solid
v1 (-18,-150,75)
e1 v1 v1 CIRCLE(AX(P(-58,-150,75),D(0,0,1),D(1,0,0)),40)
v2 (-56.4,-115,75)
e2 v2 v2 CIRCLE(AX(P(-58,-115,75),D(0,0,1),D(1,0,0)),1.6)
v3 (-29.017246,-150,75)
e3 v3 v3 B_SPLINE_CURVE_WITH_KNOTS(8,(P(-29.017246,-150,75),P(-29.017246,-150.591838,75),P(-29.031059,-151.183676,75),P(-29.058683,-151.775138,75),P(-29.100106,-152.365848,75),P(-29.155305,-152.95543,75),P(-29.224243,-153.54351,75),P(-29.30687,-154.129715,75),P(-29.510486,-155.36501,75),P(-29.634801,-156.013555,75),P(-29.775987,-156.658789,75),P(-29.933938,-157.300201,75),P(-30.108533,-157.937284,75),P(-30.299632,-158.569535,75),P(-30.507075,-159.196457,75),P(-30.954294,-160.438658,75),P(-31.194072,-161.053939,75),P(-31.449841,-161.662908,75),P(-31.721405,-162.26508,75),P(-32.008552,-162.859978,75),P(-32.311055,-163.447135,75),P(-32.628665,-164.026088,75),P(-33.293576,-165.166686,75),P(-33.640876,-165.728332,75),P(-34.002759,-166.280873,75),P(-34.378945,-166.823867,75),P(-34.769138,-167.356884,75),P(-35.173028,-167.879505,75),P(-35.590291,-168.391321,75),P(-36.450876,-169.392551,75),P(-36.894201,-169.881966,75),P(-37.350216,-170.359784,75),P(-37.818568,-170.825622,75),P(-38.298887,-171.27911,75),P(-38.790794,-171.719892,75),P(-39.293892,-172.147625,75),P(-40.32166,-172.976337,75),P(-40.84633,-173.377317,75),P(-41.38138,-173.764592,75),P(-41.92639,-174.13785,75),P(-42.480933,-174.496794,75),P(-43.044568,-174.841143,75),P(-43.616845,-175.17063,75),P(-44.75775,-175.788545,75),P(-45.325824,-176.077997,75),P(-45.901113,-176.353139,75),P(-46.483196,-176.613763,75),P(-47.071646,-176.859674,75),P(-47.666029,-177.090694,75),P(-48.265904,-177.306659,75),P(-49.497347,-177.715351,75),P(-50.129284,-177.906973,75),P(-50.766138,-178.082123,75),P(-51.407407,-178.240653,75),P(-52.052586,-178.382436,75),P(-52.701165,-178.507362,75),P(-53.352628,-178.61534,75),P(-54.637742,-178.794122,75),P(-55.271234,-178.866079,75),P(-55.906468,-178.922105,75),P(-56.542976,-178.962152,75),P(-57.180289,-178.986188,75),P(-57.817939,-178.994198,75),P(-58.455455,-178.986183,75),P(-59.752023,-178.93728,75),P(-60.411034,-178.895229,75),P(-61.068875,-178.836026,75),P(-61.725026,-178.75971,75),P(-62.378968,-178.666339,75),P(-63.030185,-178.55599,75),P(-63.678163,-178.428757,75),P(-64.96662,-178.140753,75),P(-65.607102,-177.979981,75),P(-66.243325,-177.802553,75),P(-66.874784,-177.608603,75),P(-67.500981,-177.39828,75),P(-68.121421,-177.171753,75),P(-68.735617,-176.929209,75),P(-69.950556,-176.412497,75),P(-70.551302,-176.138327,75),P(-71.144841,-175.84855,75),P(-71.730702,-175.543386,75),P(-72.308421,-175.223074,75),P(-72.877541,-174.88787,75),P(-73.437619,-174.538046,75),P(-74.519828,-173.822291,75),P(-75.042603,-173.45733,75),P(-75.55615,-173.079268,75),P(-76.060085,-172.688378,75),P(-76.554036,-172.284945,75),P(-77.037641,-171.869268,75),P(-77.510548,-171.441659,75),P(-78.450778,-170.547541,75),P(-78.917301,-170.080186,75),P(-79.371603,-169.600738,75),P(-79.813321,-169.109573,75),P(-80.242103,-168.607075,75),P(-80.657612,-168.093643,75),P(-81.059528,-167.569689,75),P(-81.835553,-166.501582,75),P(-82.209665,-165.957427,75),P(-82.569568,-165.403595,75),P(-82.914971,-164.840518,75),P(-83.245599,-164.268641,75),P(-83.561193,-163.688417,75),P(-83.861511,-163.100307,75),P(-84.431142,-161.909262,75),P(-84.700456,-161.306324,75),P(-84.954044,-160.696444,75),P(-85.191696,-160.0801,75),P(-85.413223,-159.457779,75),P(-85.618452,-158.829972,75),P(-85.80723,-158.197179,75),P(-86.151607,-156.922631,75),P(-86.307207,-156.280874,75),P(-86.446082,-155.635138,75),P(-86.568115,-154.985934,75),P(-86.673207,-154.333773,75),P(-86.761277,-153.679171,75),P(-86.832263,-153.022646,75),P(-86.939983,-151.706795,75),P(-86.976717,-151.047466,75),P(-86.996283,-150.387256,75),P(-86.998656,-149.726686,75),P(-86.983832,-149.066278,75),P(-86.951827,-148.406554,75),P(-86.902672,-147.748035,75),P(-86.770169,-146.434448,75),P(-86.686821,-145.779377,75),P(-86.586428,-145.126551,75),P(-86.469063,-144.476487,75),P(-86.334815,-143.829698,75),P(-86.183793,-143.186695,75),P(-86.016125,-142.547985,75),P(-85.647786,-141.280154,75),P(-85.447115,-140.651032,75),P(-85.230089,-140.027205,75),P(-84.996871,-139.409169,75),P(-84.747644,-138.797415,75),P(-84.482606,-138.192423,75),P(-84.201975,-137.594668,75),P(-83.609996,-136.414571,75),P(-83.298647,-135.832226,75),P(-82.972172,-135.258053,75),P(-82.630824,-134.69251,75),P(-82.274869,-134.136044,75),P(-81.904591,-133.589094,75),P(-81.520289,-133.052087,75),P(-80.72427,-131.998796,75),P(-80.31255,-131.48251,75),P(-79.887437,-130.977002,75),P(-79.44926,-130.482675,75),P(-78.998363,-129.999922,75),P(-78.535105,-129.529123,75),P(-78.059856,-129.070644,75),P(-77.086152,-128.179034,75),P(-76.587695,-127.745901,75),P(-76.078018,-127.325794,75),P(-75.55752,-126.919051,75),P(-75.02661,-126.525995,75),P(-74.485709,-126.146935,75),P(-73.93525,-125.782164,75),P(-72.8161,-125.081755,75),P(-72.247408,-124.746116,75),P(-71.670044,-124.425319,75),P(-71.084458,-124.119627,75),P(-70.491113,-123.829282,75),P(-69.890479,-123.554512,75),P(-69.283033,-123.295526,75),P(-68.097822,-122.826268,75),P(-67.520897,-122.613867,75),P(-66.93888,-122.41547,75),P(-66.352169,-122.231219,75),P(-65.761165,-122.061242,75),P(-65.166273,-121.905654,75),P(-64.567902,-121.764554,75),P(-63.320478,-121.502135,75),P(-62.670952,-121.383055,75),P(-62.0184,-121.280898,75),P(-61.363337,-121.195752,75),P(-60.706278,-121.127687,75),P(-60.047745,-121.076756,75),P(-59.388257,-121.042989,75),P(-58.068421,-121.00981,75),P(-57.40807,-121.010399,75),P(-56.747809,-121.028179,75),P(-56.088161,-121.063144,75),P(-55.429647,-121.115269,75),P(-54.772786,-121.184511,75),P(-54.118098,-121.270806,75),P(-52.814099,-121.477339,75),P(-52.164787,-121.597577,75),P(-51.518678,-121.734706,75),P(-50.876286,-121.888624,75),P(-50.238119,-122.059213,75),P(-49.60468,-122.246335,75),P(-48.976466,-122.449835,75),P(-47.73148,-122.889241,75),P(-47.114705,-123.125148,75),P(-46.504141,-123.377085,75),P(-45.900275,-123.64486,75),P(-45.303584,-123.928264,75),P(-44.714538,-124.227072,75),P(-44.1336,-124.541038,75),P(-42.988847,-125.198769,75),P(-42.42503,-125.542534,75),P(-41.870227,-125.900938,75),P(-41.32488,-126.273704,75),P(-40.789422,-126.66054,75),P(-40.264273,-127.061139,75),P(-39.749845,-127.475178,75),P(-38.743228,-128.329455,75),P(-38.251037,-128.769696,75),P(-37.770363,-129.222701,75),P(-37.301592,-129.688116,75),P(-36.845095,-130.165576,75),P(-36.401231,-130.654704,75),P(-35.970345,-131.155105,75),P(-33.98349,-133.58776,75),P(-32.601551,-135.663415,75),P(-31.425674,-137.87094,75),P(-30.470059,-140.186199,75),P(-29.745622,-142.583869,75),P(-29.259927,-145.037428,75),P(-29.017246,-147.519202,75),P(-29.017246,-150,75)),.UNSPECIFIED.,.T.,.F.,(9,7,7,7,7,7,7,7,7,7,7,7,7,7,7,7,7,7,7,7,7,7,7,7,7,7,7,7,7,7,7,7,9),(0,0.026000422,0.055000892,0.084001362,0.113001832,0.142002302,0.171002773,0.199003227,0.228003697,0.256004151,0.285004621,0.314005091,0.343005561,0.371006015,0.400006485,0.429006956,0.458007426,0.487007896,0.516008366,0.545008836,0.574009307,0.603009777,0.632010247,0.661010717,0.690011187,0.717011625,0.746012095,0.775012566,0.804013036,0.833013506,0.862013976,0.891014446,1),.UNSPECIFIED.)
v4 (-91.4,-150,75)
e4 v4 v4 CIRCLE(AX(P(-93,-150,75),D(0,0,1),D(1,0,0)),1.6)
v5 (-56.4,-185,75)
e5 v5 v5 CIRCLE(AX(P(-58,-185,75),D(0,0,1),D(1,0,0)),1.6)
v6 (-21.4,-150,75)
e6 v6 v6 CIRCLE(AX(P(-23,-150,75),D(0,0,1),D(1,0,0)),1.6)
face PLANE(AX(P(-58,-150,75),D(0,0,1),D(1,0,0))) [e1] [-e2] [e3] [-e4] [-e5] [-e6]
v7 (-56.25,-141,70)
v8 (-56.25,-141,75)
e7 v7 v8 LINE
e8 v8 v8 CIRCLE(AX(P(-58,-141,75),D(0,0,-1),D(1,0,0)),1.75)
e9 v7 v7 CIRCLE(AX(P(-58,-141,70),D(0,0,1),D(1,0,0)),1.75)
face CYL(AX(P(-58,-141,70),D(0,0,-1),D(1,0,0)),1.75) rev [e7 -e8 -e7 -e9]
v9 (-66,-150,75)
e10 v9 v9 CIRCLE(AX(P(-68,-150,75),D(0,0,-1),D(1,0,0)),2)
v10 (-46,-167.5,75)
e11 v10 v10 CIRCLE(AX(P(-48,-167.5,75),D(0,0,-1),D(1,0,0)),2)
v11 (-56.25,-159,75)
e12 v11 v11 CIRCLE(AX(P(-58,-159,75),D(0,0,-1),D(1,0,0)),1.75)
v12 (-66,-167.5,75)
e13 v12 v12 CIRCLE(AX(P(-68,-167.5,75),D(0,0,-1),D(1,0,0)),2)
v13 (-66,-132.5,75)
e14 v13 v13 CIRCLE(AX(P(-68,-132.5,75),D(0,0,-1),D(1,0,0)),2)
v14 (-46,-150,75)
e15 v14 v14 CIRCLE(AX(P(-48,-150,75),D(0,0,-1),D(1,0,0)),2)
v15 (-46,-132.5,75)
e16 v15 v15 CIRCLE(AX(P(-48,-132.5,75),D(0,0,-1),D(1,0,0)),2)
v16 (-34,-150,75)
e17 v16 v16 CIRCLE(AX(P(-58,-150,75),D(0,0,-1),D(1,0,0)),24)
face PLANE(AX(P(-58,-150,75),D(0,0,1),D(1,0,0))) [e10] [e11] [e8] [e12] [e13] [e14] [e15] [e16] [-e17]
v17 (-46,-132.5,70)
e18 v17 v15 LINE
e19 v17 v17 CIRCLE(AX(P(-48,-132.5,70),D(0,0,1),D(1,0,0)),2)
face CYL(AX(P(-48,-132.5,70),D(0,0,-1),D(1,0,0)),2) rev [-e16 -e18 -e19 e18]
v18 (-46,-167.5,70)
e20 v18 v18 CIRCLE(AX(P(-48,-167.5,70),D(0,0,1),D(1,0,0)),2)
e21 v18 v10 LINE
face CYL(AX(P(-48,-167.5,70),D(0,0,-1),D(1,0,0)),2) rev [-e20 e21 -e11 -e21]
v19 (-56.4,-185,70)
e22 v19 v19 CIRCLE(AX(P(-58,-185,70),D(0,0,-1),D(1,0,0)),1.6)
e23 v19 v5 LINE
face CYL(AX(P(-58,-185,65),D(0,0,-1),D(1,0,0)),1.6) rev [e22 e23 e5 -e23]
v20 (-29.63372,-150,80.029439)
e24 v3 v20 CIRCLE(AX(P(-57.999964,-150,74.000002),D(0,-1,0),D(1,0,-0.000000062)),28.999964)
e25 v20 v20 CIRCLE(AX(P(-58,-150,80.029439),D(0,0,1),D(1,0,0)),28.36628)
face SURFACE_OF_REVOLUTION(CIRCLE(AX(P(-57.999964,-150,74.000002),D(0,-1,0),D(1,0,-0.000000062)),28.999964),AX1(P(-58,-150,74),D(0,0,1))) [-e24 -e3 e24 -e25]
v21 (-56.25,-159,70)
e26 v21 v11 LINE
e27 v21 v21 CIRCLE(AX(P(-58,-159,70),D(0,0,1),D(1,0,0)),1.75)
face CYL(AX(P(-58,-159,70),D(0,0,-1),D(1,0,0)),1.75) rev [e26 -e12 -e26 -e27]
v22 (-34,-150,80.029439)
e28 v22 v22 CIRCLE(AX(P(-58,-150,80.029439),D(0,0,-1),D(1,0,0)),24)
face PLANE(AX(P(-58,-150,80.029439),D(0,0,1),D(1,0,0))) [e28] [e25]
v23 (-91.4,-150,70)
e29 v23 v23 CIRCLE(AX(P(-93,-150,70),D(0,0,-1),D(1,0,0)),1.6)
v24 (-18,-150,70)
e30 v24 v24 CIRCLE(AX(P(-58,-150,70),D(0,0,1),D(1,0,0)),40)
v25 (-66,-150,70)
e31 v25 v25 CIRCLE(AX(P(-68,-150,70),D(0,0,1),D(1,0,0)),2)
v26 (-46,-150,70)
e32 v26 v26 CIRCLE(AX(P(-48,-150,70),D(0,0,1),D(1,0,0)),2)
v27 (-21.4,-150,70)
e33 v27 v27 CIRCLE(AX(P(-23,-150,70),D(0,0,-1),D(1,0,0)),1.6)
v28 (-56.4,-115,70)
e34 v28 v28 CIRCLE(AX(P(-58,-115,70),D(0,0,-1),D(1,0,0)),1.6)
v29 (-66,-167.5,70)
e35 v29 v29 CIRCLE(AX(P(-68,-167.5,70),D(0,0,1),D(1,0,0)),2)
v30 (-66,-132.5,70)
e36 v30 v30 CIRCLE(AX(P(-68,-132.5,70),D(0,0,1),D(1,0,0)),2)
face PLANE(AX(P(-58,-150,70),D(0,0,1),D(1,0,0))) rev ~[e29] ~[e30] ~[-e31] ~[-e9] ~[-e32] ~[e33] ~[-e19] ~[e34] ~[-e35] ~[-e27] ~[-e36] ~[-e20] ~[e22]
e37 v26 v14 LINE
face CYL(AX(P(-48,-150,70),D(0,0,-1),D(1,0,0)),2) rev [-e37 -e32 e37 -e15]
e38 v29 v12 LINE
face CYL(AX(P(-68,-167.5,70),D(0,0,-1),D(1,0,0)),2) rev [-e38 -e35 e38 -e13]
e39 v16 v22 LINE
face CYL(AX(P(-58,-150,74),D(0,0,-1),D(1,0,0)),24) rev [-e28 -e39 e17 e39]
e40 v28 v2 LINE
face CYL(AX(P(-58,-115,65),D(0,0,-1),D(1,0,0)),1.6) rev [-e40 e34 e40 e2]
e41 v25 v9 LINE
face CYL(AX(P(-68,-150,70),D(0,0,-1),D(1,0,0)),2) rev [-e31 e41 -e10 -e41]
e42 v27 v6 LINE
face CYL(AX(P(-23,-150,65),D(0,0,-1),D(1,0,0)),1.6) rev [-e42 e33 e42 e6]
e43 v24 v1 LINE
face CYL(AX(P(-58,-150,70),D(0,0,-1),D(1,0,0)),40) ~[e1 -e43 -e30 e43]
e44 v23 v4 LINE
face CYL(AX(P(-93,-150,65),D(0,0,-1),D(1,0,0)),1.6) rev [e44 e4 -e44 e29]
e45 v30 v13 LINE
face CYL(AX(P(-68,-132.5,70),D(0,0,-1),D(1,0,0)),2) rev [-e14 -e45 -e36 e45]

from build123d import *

# Parameters (mm, degrees)
CYLINDER061_R     = 1.6
CYLINDER061_DEPTH = 10
CYLINDER062_R     = 1.6
CYLINDER062_DEPTH = 10
CYLINDER063_R     = 1.6
CYLINDER063_DEPTH = 10
CYLINDER060_R     = 1.6
CYLINDER060_DEPTH = 10
CYLINDER057_R     = 2
CYLINDER057_DEPTH = 10
CYLINDER056_R     = 2
CYLINDER056_DEPTH = 10
CYLINDER059_R     = 1.75
CYLINDER059_DEPTH = 10
CYLINDER058_R     = 1.75
CYLINDER058_DEPTH = 10
CYLINDER050_R     = 2
CYLINDER050_DEPTH = 10
CYLINDER051_R     = 2
CYLINDER051_DEPTH = 10
CYLINDER052_R     = 2
CYLINDER052_DEPTH = 10
CYLINDER053_R     = 2
CYLINDER053_DEPTH = 10
CYLINDER055_R     = 24
CYLINDER055_DEPTH = 7
CYLINDER054_R     = 40
CYLINDER054_DEPTH = 5


with BuildPart() as m2heatsetinsets009:
    # Cylinder061 → Cylinder061 (new body)
    with BuildSketch(Plane(origin=(40, 0, 65), x_dir=(1, 0, 0), z_dir=(0, 0, 1))):
        Circle(CYLINDER061_R)
    extrude(amount=CYLINDER061_DEPTH)


with BuildPart() as m2heatsetinsets010:
    # Cylinder062 → Cylinder062 (new body)
    with BuildSketch(Plane(origin=(5, 35, 65), x_dir=(1, 0, 0), z_dir=(0, 0, 1))):
        Circle(CYLINDER062_R)
    extrude(amount=CYLINDER062_DEPTH)


with BuildPart() as m2heatsetinsets011:
    # Cylinder063 → Cylinder063 (new body)
    with BuildSketch(Plane(origin=(5, -35, 65), x_dir=(1, 0, 0), z_dir=(0, 0, 1))):
        Circle(CYLINDER063_R)
    extrude(amount=CYLINDER063_DEPTH)


with BuildPart() as fusion029:
    # Cylinder060 → Cylinder060 (new body)
    with BuildSketch(Plane(origin=(-30, 0, 65), x_dir=(1, 0, 0), z_dir=(0, 0, 1))):
        Circle(CYLINDER060_R)
    extrude(amount=CYLINDER060_DEPTH)

    # Fusion029: union m2HeatSetInsets009, m2HeatSetInsets010, m2HeatSetInsets011
    add(m2heatsetinsets009.part)
    add(m2heatsetinsets010.part)
    add(m2heatsetinsets011.part)


with BuildPart() as wirecut005:
    # Cylinder057 → Cylinder057 (new body)
    with BuildSketch(Plane(origin=(15, 0, 70), x_dir=(1, 0, 0), z_dir=(0, 0, 1))):
        Circle(CYLINDER057_R)
    extrude(amount=CYLINDER057_DEPTH)


with BuildPart() as wirecuts002:
    # Cylinder056 → Cylinder056 (new body)
    with BuildSketch(Plane(origin=(-5, 0, 70), x_dir=(1, 0, 0), z_dir=(0, 0, 1))):
        Circle(CYLINDER056_R)
    extrude(amount=CYLINDER056_DEPTH)

    # Fusion025: union wireCUt005
    add(wirecut005.part)


with BuildPart() as m3cuts005:
    # Cylinder059 → Cylinder059 (new body)
    with BuildSketch(Plane(origin=(5, 9, 70), x_dir=(1, 0, 0), z_dir=(0, 0, 1))):
        Circle(CYLINDER059_R)
    extrude(amount=CYLINDER059_DEPTH)


with BuildPart() as m3cute002:
    # Cylinder058 → Cylinder058 (new body)
    with BuildSketch(Plane(origin=(5, -9, 70), x_dir=(1, 0, 0), z_dir=(0, 0, 1))):
        Circle(CYLINDER058_R)
    extrude(amount=CYLINDER058_DEPTH)

    # Fusion026: union m3Cuts005
    add(m3cuts005.part)


with BuildPart() as cylinder050:
    # Cylinder050 → Cylinder050 (new body)
    with BuildSketch(Plane(origin=(0, -21, 0), x_dir=(1, 0, 0), z_dir=(0, 0, 1))):
        Circle(CYLINDER050_R)
    extrude(amount=CYLINDER050_DEPTH)


with BuildPart() as m3heatsetcuts006:
    # Cylinder051 → Cylinder051 (new body)
    with BuildSketch(Plane(origin=(20, -21, 0), x_dir=(1, 0, 0), z_dir=(0, 0, 1))):
        Circle(CYLINDER051_R)
    extrude(amount=CYLINDER051_DEPTH)

    # Fusion022: union Cylinder050
    add(cylinder050.part)


with BuildPart() as m3heatsetcuts006_1:
    # Fusion022 placement: moved
    add(m3heatsetcuts006.part.moved(Location((-5, 38.5, 70))))


with BuildPart() as cylinder052:
    # Cylinder052 → Cylinder052 (new body)
    with BuildSketch(Plane(origin=(0, -21, 0), x_dir=(1, 0, 0), z_dir=(0, 0, 1))):
        Circle(CYLINDER052_R)
    extrude(amount=CYLINDER052_DEPTH)


with BuildPart() as basecuts002:
    # Cylinder053 → Cylinder053 (new body)
    with BuildSketch(Plane(origin=(20, -21, 0), x_dir=(1, 0, 0), z_dir=(0, 0, 1))):
        Circle(CYLINDER053_R)
    extrude(amount=CYLINDER053_DEPTH)

    # Fusion023: union Cylinder052
    add(cylinder052.part)


with BuildPart() as basecuts002_1:
    # Fusion023 placement: moved
    add(basecuts002.part.moved(Location((-5, 3.5, 70))))

    # Fusion024: union m3HeatSetCuts006
    add(m3heatsetcuts006_1.part)

    # Fusion027: union wireCuts002, m3Cute002
    add(wirecuts002.part)
    add(m3cute002.part)


with BuildPart() as basecut002:
    # Cylinder055 → Cylinder055 (new body)
    with BuildSketch(Plane(origin=(5, 0, 74), x_dir=(1, 0, 0), z_dir=(0, 0, 1))):
        Circle(CYLINDER055_R)
    extrude(amount=CYLINDER055_DEPTH)


with BuildPart() as cut009:
    # Sphere003 → Sphere003 (revolve)
    with BuildSketch(Plane(origin=(5, 0, 74), x_dir=(1, 0, 0), z_dir=(0, -1, 0))):
        with BuildLine():
            ThreePointArc((29, 0), (28.841135, 3.031325), (28.36628, 6.029439))
            Line((28.36628, 6.029439), (0, 6.029439))
            Line((0, 6.029439), (0, 0))
            Line((0, 0), (29, 0))
        make_face()
    revolve(axis=Axis((5, 0, 74), (0, 0, 1)))

    # Cut009: cut baseCut002
    add(basecut002.part, mode=Mode.SUBTRACT)


with BuildPart() as lightmodule002:
    # Cylinder054 → Cylinder054 (new body)
    with BuildSketch(Plane(origin=(5, 0, 70), x_dir=(1, 0, 0), z_dir=(0, 0, 1))):
        Circle(CYLINDER054_R)
    extrude(amount=CYLINDER054_DEPTH)

    # Fusion028: union Cut009
    add(cut009.part)

    # Cut010: cut baseCUts002
    add(basecuts002_1.part, mode=Mode.SUBTRACT)

    # Cut011: cut Fusion029
    add(fusion029.part, mode=Mode.SUBTRACT)


with BuildPart() as lightmodule002_1:
    # Cut011 placement: moved
    add(lightmodule002.part.moved(Location((-63, -150, 0))))


solid = lightmodule002_1.part
